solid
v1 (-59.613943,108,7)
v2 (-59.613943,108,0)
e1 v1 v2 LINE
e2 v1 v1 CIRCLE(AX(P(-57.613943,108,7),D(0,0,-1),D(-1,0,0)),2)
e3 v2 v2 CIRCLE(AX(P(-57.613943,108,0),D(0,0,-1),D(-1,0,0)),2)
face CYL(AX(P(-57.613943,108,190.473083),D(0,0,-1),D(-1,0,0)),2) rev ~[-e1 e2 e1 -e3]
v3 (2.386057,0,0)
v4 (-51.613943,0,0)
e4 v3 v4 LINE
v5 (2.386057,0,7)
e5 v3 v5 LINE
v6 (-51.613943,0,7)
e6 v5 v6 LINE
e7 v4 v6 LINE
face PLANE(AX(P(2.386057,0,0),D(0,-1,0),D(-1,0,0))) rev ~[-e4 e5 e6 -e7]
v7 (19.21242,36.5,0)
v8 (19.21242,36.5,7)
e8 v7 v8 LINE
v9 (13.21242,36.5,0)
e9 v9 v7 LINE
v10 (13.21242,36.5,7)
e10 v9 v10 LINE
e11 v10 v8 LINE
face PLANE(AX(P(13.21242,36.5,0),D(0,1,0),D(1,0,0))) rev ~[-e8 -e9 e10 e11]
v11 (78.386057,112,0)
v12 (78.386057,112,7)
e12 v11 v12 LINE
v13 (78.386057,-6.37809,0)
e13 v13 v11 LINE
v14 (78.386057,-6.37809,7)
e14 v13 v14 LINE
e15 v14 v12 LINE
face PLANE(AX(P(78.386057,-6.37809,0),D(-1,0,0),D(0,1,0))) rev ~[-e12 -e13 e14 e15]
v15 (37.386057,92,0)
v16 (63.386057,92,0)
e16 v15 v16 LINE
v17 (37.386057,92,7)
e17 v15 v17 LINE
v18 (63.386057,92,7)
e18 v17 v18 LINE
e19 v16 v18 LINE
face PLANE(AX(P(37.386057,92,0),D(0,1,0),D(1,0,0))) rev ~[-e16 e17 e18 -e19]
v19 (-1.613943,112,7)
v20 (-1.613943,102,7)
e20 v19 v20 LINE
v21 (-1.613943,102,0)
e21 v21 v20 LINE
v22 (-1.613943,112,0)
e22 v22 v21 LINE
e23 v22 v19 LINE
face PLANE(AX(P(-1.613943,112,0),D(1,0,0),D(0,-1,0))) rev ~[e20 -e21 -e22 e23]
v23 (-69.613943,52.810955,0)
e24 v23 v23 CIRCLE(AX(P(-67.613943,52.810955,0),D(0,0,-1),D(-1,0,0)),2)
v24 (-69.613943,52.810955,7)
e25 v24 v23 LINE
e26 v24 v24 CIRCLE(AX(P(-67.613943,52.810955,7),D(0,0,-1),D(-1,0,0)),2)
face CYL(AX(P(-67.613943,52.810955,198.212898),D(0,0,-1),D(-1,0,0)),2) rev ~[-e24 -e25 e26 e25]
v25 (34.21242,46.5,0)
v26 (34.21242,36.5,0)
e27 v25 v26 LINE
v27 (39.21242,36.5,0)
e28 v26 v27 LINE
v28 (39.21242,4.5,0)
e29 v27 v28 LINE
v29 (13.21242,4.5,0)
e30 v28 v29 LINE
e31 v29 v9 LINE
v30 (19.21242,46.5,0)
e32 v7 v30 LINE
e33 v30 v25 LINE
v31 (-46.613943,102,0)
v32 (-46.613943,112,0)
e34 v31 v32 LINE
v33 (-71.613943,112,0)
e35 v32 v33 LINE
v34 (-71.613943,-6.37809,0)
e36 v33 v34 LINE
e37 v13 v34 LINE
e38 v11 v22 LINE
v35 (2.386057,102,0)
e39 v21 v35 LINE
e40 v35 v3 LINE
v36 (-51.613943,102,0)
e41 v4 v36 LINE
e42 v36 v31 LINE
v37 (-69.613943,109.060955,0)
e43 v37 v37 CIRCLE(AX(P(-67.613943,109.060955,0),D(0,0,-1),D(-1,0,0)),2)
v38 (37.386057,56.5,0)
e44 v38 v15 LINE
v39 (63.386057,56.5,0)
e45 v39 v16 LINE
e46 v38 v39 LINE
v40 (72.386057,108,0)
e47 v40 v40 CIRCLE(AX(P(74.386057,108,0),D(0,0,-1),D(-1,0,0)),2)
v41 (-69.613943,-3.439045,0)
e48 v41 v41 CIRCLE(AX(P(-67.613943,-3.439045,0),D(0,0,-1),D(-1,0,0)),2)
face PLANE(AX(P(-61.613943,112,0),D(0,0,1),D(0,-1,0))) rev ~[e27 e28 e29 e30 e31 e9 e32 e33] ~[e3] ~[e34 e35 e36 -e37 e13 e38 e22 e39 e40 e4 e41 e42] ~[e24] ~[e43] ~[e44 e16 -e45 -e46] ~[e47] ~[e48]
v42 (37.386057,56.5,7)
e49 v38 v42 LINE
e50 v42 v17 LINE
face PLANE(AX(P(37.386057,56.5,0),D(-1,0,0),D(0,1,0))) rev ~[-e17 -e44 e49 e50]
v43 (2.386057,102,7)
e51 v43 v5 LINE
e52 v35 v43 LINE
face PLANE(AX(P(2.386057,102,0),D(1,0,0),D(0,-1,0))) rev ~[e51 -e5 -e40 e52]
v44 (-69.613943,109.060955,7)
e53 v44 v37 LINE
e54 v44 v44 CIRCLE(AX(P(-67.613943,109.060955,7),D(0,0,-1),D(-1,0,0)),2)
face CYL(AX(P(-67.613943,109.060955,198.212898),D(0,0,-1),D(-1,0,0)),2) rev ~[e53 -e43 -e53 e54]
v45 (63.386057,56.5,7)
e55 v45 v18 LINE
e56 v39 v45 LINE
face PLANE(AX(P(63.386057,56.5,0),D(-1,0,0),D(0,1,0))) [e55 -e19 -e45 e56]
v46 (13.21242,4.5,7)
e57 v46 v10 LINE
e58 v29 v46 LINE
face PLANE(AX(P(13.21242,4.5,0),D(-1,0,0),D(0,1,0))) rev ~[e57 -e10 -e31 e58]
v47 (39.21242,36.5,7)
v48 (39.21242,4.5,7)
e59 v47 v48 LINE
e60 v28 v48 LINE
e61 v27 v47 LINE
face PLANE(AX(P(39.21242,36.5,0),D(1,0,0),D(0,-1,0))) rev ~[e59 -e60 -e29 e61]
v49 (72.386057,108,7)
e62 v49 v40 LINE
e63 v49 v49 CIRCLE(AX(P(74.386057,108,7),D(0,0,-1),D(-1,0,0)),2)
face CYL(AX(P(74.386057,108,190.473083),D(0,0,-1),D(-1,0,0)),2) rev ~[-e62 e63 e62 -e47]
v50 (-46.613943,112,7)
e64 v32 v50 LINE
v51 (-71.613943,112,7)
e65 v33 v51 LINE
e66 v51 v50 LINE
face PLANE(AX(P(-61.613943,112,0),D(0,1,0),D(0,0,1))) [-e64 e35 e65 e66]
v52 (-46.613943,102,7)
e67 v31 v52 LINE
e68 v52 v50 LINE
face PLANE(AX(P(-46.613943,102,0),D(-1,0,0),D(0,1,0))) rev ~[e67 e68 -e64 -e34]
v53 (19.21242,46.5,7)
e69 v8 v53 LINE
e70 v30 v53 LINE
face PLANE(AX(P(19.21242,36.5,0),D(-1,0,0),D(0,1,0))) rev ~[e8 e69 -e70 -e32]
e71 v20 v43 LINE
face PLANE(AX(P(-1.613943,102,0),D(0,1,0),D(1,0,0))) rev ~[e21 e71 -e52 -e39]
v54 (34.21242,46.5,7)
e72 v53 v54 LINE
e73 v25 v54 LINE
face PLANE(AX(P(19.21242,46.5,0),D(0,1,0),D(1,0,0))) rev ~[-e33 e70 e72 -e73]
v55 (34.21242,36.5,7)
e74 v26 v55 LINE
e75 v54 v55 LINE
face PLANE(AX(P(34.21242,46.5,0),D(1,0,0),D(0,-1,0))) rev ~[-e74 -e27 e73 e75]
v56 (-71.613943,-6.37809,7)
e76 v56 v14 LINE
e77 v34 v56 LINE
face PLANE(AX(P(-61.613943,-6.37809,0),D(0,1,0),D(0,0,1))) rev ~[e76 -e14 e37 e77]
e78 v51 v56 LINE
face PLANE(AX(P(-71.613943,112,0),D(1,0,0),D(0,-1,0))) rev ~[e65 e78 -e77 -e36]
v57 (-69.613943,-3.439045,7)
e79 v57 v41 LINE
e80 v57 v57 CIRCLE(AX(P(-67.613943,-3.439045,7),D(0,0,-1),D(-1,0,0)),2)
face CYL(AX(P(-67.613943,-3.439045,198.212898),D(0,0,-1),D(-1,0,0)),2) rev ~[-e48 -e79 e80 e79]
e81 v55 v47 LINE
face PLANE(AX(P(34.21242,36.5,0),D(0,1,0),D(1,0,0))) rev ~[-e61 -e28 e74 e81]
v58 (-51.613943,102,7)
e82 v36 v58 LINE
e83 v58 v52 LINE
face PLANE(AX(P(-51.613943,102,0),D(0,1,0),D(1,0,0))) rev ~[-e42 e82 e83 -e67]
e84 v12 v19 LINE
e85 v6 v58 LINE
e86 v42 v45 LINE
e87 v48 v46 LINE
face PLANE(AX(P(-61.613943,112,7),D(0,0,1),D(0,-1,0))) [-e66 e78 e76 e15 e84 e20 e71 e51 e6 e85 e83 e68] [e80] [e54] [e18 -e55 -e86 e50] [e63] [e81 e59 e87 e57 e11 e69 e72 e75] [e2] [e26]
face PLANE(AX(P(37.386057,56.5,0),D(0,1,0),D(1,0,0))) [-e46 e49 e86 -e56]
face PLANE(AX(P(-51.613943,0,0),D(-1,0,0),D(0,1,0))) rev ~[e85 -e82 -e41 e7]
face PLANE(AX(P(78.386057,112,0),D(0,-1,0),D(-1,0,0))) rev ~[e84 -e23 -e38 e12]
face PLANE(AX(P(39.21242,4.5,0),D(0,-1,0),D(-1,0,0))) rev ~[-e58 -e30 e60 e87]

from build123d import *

# Parameters (mm, degrees)
F0_W     = 26
F0_H     = 35.5
F1_DEPTH = 7
F4_D     = 4
F5_DEPTH = 10
F7_D     = 4


with BuildPart() as f1:
    # F0 (on Top) → F1 (new body)
    with BuildSketch(Plane.XY):
        Polygon((-46.6139434278, 112), (-61.6139434278, 112), (-61.6139434278, -6.3780904748), (78.3860565722, -6.3780904748), (78.3860565722, 112), (-1.6139434278, 112), (-1.6139434278, 102), (2.3860565722, 102), (2.3860565722, 0), (-51.6139434278, 0), (-51.6139434278, 102), (-46.6139434278, 102), align=None)
        Polygon((13.2124200463, 4.5), (13.2124200463, 36.5), (19.2124200463, 36.5), (19.2124200463, 46.5), (34.2124200463, 46.5), (34.2124200463, 36.5), (39.2124200463, 36.5), (39.2124200463, 4.5), align=None, mode=Mode.SUBTRACT)
        with Locations((50.3860565722, 74.25)):
            Rectangle(F0_W, F0_H, mode=Mode.SUBTRACT)
    extrude(amount=F1_DEPTH)

    # F4 (through all)
    with Locations(Plane.XY.offset(7)):
        with Locations((74.3860565722, 108), (-57.6139434278, 108), (-57.6139434278, 116), (74.3860565722, 116)):
            Hole(F4_D / 2)

    # F5 (add): a face of the model
    f5_faces = [f1.faces().sort_by_distance(p)[0] for p in [
        (-61.6139434278, 52.8109547626, 3.5),
    ]]
    extrude(f5_faces, amount=F5_DEPTH)

    # F7 (through all)
    with Locations(Plane.XY.offset(7)):
        with Locations((-67.6139434278, 109.0609547626), (-67.6139434278, 52.8109547626), (-67.6139434278, -3.4390452374)):
            Hole(F7_D / 2)


solid = f1.part
